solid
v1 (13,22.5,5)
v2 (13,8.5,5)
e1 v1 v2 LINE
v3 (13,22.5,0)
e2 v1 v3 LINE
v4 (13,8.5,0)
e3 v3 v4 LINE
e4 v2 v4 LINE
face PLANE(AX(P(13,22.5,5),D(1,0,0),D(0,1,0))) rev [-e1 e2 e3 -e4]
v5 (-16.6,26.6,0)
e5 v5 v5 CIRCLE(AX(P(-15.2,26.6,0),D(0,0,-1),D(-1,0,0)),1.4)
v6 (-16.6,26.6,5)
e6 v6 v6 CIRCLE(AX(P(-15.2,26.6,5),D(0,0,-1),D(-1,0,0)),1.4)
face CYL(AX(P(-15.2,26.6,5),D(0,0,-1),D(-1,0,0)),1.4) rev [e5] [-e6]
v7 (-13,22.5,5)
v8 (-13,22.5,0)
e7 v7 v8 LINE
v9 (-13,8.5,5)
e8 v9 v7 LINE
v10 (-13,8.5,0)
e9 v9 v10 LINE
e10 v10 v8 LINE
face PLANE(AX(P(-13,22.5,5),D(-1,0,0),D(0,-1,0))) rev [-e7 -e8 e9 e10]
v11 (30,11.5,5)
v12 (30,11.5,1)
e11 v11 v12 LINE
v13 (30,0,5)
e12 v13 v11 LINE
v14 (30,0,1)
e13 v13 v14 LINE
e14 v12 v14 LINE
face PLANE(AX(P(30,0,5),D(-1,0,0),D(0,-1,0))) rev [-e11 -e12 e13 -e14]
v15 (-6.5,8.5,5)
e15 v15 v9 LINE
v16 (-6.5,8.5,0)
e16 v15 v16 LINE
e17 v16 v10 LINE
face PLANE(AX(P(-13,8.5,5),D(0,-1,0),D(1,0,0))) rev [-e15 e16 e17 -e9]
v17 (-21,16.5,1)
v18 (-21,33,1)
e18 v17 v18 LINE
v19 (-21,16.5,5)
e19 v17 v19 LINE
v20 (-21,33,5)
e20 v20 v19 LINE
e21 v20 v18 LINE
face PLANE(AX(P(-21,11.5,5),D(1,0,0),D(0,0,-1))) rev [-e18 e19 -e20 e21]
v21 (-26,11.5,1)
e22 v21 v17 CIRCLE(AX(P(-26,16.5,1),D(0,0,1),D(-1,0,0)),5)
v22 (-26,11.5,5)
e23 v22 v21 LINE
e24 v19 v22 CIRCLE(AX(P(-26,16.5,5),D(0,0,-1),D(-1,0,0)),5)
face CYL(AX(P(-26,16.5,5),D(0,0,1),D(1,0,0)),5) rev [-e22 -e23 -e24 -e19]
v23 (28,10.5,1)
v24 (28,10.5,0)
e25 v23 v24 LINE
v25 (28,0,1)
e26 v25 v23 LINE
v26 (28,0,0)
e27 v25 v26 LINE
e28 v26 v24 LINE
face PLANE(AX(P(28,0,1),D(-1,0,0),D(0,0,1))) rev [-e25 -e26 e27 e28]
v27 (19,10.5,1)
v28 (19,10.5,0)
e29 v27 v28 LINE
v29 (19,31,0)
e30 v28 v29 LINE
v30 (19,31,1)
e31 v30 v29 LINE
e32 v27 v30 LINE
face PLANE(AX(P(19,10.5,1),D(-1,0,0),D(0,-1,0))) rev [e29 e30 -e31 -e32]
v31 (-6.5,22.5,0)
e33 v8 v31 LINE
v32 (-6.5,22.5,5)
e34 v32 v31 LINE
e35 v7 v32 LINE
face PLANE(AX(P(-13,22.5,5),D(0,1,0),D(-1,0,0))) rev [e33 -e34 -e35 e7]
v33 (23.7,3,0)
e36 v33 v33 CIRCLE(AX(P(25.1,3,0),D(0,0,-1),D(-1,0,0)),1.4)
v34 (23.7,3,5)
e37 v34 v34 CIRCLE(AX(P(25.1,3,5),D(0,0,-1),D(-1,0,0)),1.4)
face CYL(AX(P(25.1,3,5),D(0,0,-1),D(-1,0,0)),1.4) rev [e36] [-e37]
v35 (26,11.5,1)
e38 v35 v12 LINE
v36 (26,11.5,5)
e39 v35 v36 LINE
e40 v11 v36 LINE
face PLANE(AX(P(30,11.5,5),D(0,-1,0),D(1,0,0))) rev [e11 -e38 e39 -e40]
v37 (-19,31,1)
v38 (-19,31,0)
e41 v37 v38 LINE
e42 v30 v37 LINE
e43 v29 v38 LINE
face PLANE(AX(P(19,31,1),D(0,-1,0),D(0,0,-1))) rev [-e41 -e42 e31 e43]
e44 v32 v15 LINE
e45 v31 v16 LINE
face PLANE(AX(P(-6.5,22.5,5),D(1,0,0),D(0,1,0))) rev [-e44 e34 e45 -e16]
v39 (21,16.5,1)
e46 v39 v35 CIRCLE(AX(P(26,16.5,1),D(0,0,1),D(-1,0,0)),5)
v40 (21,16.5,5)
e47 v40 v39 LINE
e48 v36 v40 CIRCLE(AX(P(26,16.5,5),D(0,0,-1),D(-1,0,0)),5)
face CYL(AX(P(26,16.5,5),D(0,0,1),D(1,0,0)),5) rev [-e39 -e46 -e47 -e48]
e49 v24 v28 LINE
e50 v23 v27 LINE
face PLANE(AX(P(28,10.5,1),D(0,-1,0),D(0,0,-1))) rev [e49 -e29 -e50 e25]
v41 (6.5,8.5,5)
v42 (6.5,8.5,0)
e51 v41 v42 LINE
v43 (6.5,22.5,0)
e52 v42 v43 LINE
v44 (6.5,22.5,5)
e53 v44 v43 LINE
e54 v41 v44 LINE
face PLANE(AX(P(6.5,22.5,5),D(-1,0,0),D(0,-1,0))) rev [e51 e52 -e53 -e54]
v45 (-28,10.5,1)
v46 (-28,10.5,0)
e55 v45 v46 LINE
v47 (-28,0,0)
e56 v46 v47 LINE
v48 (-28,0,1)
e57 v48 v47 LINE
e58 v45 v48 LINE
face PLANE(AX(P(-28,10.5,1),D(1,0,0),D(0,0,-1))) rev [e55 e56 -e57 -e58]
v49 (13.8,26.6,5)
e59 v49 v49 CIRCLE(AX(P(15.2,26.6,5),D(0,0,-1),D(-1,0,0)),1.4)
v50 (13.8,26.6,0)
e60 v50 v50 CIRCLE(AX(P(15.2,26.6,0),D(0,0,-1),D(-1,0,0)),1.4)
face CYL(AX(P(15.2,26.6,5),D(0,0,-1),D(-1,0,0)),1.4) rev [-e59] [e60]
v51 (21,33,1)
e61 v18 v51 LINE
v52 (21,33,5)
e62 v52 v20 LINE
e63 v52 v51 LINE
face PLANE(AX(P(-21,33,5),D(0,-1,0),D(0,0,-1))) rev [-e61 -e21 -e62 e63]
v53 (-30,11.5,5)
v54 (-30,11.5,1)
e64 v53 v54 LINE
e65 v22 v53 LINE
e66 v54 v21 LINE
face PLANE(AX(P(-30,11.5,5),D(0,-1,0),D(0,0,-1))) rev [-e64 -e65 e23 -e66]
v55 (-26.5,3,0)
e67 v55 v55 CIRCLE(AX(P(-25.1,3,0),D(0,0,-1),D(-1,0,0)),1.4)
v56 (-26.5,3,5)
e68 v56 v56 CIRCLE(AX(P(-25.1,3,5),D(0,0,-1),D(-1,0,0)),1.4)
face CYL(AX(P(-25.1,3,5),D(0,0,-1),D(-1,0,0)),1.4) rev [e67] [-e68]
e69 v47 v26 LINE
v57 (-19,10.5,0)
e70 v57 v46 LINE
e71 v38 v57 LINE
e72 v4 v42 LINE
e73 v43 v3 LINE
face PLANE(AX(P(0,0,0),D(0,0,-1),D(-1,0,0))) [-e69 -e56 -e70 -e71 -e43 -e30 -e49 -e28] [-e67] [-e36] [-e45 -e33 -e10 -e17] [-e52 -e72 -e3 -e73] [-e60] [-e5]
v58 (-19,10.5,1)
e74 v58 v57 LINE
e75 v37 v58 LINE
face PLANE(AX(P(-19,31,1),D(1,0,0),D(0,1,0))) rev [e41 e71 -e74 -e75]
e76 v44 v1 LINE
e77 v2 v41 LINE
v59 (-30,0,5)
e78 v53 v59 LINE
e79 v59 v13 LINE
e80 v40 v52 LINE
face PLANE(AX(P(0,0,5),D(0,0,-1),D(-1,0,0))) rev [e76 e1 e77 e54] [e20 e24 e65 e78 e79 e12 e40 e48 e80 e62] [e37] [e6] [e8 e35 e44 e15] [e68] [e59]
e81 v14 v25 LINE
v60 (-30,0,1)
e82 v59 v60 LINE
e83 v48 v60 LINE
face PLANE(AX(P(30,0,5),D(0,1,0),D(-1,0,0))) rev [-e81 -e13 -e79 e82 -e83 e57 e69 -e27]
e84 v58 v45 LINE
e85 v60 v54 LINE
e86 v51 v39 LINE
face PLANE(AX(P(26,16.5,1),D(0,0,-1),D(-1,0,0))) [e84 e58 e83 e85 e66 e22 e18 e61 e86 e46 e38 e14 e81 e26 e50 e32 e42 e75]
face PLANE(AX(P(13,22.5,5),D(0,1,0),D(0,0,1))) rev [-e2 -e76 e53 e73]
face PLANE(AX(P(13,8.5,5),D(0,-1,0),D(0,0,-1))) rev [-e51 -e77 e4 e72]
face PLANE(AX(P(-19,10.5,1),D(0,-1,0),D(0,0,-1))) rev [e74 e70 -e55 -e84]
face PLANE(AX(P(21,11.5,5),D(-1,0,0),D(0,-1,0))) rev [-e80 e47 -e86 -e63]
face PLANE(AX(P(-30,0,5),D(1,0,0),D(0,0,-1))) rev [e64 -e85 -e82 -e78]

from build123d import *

# Parameters (mm, degrees)
EXTRUDE_1_DEPTH     = 5
SKETCH_2_W          = 6.5
SKETCH_2_H          = 14
CUT_EXTRUDE_1_DEPTH = 5
SKETCH_3_R          = 1.4
CUT_EXTRUDE_2_DEPTH = 45.877611345
FILLET_1_R          = 5
CUT_EXTRUDE_START   = -1
CUT_EXTRUDE_5_DEPTH = 1


with BuildPart() as part:
    # 草图1 → 凸台-拉伸1 (new body)
    with BuildSketch(Plane.XY):
        Polygon((30, 0), (-30, 0), (-30, 11.5), (-21, 11.5), (-21, 33), (21, 33), (21, 11.5), (30, 11.5), align=None)
    extrude(amount=EXTRUDE_1_DEPTH)

    # 草图2 → 切除-拉伸1 (cut)
    with BuildSketch(Plane(origin=(0, 0, 0), x_dir=(-1, 0, 0), z_dir=(0, 0, -1))):
        with Locations((-9.75, 15.5)):
            Rectangle(SKETCH_2_W, SKETCH_2_H)
        with Locations((9.75, 15.5)):
            Rectangle(SKETCH_2_W, SKETCH_2_H)
    extrude(amount=-CUT_EXTRUDE_1_DEPTH, mode=Mode.SUBTRACT)

    # 草图3 → 切除-拉伸2 (cut, through all)
    with BuildSketch(Plane(origin=(0, 0, 0), x_dir=(-1, 0, 0), z_dir=(0, 0, -1))):
        with Locations((-25.1, 3)):
            Circle(SKETCH_3_R)
        with Locations((-15.2, 26.6)):
            Circle(SKETCH_3_R)
        with Locations((25.1, 3)):
            Circle(SKETCH_3_R)
        with Locations((15.2, 26.6)):
            Circle(SKETCH_3_R)
    extrude(amount=-CUT_EXTRUDE_2_DEPTH, mode=Mode.SUBTRACT)

    # 圆角1
    fillet_1_edges = [part.edges().sort_by_distance(p)[0] for p in [
        (-21, 11.5, 2.5),
        (21, 11.5, 2.5),
    ]]
    fillet(fillet_1_edges, radius=FILLET_1_R)

    # 草图5 → 切除-拉伸5 (cut)
    with BuildSketch(Plane(origin=(0, 0, 0), x_dir=(-1, 0, 0), z_dir=(0, 0, -1)).offset(CUT_EXTRUDE_START)):
        with BuildLine():
            Line((21, 33), (-21, 33))
            Line((-21, 33), (-21, 16.5))
            ThreePointArc((-21, 16.5), (-22.464466094, 12.964466094), (-26, 11.5))
            Line((-26, 11.5), (-30, 11.5))
            Line((-30, 11.5), (-30, 0))
            Line((-30, 0), (-28, 0))
            Line((-28, 0), (-28, 10.5))
            Line((-28, 10.5), (-19, 10.5))
            Line((-19, 10.5), (-19, 31))
            Line((-19, 31), (19, 31))
            Line((19, 31), (19, 10.5))
            Line((19, 10.5), (28, 10.5))
            Line((28, 10.5), (28, 0))
            Line((28, 0), (30, 0))
            Line((30, 0), (30, 11.5))
            Line((30, 11.5), (26, 11.5))
            ThreePointArc((26, 11.5), (22.464466094, 12.964466094), (21, 16.5))
            Line((21, 16.5), (21, 33))
        make_face()
    extrude(amount=CUT_EXTRUDE_5_DEPTH, mode=Mode.SUBTRACT)


solid = part.part
